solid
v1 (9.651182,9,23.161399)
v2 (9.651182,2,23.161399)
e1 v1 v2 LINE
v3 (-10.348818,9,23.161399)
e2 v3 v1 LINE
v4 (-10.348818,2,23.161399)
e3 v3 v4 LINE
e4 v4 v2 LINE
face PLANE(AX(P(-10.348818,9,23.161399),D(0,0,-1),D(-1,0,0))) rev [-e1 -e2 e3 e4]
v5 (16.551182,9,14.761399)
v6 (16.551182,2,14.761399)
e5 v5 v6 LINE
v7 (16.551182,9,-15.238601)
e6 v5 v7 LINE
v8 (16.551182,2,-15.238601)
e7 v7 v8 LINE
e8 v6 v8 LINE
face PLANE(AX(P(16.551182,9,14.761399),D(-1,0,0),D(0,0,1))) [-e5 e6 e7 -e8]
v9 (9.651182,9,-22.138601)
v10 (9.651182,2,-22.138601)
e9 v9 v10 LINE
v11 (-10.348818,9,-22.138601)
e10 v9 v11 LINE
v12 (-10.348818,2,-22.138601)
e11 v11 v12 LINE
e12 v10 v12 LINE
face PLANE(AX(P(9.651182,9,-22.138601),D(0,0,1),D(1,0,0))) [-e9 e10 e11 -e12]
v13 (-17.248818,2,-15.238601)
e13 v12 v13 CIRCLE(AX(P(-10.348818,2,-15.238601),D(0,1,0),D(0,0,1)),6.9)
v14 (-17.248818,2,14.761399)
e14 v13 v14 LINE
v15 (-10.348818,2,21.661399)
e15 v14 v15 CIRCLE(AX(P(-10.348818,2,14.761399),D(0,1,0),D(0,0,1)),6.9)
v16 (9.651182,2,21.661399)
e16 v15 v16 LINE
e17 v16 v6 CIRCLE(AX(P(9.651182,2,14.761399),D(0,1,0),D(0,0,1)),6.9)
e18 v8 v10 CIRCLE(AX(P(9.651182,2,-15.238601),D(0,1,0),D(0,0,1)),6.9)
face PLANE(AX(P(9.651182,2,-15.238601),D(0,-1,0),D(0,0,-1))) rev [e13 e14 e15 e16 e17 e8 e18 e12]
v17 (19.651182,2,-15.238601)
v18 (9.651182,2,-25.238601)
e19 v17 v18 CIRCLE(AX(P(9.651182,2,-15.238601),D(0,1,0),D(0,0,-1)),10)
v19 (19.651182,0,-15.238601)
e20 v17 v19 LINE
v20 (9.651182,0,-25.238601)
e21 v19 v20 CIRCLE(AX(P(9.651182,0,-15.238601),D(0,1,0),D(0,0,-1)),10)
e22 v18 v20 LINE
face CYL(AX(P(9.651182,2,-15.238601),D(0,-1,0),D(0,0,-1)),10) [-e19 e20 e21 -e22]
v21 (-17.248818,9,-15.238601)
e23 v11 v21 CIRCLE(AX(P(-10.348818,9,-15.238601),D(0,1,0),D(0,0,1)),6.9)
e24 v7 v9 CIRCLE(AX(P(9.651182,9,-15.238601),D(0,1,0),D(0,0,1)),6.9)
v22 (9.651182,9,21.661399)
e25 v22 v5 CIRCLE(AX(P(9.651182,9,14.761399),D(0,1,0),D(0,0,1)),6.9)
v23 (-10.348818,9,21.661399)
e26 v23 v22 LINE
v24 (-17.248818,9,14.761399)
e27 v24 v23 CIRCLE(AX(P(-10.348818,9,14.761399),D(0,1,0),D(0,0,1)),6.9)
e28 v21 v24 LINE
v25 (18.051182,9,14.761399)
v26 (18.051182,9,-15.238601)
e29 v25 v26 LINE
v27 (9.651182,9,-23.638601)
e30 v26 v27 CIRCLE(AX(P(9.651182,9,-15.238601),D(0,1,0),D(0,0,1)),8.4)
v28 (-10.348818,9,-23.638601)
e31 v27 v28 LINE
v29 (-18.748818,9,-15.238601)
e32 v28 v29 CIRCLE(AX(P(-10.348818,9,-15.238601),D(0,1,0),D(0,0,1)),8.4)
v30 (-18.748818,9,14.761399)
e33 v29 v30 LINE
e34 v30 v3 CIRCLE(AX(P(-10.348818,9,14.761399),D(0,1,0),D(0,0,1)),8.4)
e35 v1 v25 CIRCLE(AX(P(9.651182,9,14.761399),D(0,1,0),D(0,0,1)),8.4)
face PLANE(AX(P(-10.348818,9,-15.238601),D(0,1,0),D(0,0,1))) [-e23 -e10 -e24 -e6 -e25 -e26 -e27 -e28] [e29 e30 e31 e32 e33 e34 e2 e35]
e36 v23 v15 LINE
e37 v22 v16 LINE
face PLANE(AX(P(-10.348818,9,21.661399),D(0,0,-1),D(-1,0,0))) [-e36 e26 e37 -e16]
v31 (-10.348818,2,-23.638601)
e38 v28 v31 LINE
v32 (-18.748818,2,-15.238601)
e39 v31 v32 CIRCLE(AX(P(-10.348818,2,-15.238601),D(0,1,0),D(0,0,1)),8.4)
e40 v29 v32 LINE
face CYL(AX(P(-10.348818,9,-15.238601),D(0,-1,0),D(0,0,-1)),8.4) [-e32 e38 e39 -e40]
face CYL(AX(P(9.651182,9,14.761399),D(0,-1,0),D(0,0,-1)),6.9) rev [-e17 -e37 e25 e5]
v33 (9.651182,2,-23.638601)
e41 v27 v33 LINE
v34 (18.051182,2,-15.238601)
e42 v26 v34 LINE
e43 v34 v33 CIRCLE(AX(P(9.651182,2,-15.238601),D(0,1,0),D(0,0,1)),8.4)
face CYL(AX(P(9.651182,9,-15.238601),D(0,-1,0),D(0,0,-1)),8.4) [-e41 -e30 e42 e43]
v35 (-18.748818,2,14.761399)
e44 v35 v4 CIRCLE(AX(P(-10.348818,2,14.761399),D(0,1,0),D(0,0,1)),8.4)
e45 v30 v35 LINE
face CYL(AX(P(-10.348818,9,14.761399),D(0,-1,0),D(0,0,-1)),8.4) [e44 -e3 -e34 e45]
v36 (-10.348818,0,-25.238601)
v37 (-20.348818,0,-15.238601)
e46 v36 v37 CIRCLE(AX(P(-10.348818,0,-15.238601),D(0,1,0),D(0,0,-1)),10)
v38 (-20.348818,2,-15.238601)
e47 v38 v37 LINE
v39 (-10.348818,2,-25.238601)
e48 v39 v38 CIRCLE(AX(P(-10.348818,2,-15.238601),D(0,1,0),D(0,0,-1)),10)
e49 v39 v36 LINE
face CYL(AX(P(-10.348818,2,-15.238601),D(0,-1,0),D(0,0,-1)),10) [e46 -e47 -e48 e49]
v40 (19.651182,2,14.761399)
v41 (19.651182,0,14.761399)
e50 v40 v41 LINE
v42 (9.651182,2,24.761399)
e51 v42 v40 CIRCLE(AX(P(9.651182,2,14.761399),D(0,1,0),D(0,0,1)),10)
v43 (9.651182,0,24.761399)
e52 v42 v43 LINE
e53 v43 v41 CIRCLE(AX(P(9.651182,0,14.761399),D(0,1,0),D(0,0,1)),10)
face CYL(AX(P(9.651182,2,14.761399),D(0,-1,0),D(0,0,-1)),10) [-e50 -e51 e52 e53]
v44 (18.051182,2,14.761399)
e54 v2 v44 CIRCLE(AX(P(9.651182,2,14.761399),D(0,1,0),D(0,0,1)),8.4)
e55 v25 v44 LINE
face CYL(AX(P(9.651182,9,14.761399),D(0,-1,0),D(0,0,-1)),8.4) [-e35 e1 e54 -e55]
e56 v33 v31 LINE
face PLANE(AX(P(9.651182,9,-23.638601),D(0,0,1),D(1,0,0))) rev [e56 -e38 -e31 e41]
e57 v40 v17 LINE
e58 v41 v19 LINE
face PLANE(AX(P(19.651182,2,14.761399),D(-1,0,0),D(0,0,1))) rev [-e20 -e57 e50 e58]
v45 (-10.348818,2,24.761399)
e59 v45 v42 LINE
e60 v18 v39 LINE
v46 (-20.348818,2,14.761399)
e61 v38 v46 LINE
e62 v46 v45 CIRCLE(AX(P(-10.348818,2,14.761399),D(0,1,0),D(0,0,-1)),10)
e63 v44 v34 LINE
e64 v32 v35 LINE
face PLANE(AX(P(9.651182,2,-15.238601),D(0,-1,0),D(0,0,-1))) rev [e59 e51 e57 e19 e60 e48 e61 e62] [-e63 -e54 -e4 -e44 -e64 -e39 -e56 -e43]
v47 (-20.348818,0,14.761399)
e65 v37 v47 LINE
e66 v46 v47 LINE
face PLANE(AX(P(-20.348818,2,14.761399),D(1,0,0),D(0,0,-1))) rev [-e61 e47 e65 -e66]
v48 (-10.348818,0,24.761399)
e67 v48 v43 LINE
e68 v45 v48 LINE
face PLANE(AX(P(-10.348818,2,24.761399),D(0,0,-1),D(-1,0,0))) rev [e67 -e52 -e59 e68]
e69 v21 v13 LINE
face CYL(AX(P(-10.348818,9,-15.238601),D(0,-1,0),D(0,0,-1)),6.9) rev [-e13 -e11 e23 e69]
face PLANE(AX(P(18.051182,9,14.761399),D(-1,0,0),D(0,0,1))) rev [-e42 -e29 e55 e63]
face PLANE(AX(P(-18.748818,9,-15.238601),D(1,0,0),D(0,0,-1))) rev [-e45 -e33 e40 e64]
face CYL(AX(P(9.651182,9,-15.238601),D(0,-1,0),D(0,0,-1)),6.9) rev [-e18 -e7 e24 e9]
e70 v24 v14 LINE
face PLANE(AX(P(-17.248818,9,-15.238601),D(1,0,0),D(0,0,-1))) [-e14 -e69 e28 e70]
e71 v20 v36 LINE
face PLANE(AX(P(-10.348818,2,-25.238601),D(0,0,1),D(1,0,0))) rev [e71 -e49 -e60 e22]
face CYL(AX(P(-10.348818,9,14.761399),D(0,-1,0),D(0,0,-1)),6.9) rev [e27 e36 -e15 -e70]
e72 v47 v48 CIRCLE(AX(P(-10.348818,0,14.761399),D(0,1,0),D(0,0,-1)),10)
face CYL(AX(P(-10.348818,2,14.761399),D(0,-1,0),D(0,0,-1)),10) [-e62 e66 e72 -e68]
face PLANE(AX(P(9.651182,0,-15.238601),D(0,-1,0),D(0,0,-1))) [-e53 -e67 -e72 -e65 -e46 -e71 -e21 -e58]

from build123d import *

# Parameters (mm, degrees)
RESSALTO_EXTRUS_O1_DEPTH = 2
RESSALTO_EXTRUS_O2_DEPTH = 7


with BuildPart() as part:
    # Esboço1 → Ressalto-extrusão1 (new body)
    with BuildSketch(Plane(origin=(0, 0, 0), x_dir=(1, 0, 0), z_dir=(0, 1, 0))):
        with BuildLine():
            Line((-10.348817595, -24.761398547), (9.651182405, -24.761398547))
            ThreePointArc((9.651182405, -24.761398547), (16.722250217, -21.832466359), (19.651182405, -14.761398547))
            Line((19.651182405, -14.761398547), (19.651182405, 15.238601453))
            ThreePointArc((19.651182405, 15.238601453), (16.722250217, 22.309669265), (9.651182405, 25.238601453))
            Line((9.651182405, 25.238601453), (-10.348817595, 25.238601453))
            ThreePointArc((-10.348817595, 25.238601453), (-17.419885407, 22.309669265), (-20.348817595, 15.238601453))
            Line((-20.348817595, 15.238601453), (-20.348817595, -14.761398547))
            ThreePointArc((-20.348817595, -14.761398547), (-17.419885407, -21.832466359), (-10.348817595, -24.761398547))
        make_face()
    extrude(amount=RESSALTO_EXTRUS_O1_DEPTH)

    # Esboço2 → Ressalto-extrusão2 (add)
    with BuildSketch(Plane(origin=(0, 2, 0), x_dir=(1, 0, 0), z_dir=(0, 1, 0))):
        with BuildLine():
            Line((-18.748817595, 15.238601453), (-18.748817595, -14.761398547))
            ThreePointArc((-18.748817595, -14.761398547), (-16.288514557, -20.701095509), (-10.348817595, -23.161398547))
            Line((-10.348817595, -23.161398547), (9.651182405, -23.161398547))
            ThreePointArc((9.651182405, -23.161398547), (15.590879367, -20.701095509), (18.051182405, -14.761398547))
            Line((18.051182405, -14.761398547), (18.051182405, 15.238601453))
            ThreePointArc((18.051182405, 15.238601453), (15.590879367, 21.178298415), (9.651182405, 23.638601453))
            Line((9.651182405, 23.638601453), (-10.348817595, 23.638601453))
            ThreePointArc((-10.348817595, 23.638601453), (-16.288514557, 21.178298415), (-18.748817595, 15.238601453))
        make_face()
        with BuildLine():
            Line((-17.248817595, 15.238601453), (-17.248817595, -14.761398547))
            ThreePointArc((-17.248817595, -14.761398547), (-15.227854385, -19.640435337), (-10.348817595, -21.661398547))
            Line((-10.348817595, -21.661398547), (9.651182405, -21.661398547))
            ThreePointArc((9.651182405, -21.661398547), (14.530219195, -19.640435337), (16.551182405, -14.761398547))
            Line((16.551182405, -14.761398547), (16.551182405, 15.238601453))
            ThreePointArc((16.551182405, 15.238601453), (14.530219195, 20.117638244), (9.651182405, 22.138601453))
            Line((9.651182405, 22.138601453), (-10.348817595, 22.138601453))
            ThreePointArc((-10.348817595, 22.138601453), (-15.227854385, 20.117638244), (-17.248817595, 15.238601453))
        make_face(mode=Mode.SUBTRACT)
    extrude(amount=RESSALTO_EXTRUS_O2_DEPTH)


solid = part.part
